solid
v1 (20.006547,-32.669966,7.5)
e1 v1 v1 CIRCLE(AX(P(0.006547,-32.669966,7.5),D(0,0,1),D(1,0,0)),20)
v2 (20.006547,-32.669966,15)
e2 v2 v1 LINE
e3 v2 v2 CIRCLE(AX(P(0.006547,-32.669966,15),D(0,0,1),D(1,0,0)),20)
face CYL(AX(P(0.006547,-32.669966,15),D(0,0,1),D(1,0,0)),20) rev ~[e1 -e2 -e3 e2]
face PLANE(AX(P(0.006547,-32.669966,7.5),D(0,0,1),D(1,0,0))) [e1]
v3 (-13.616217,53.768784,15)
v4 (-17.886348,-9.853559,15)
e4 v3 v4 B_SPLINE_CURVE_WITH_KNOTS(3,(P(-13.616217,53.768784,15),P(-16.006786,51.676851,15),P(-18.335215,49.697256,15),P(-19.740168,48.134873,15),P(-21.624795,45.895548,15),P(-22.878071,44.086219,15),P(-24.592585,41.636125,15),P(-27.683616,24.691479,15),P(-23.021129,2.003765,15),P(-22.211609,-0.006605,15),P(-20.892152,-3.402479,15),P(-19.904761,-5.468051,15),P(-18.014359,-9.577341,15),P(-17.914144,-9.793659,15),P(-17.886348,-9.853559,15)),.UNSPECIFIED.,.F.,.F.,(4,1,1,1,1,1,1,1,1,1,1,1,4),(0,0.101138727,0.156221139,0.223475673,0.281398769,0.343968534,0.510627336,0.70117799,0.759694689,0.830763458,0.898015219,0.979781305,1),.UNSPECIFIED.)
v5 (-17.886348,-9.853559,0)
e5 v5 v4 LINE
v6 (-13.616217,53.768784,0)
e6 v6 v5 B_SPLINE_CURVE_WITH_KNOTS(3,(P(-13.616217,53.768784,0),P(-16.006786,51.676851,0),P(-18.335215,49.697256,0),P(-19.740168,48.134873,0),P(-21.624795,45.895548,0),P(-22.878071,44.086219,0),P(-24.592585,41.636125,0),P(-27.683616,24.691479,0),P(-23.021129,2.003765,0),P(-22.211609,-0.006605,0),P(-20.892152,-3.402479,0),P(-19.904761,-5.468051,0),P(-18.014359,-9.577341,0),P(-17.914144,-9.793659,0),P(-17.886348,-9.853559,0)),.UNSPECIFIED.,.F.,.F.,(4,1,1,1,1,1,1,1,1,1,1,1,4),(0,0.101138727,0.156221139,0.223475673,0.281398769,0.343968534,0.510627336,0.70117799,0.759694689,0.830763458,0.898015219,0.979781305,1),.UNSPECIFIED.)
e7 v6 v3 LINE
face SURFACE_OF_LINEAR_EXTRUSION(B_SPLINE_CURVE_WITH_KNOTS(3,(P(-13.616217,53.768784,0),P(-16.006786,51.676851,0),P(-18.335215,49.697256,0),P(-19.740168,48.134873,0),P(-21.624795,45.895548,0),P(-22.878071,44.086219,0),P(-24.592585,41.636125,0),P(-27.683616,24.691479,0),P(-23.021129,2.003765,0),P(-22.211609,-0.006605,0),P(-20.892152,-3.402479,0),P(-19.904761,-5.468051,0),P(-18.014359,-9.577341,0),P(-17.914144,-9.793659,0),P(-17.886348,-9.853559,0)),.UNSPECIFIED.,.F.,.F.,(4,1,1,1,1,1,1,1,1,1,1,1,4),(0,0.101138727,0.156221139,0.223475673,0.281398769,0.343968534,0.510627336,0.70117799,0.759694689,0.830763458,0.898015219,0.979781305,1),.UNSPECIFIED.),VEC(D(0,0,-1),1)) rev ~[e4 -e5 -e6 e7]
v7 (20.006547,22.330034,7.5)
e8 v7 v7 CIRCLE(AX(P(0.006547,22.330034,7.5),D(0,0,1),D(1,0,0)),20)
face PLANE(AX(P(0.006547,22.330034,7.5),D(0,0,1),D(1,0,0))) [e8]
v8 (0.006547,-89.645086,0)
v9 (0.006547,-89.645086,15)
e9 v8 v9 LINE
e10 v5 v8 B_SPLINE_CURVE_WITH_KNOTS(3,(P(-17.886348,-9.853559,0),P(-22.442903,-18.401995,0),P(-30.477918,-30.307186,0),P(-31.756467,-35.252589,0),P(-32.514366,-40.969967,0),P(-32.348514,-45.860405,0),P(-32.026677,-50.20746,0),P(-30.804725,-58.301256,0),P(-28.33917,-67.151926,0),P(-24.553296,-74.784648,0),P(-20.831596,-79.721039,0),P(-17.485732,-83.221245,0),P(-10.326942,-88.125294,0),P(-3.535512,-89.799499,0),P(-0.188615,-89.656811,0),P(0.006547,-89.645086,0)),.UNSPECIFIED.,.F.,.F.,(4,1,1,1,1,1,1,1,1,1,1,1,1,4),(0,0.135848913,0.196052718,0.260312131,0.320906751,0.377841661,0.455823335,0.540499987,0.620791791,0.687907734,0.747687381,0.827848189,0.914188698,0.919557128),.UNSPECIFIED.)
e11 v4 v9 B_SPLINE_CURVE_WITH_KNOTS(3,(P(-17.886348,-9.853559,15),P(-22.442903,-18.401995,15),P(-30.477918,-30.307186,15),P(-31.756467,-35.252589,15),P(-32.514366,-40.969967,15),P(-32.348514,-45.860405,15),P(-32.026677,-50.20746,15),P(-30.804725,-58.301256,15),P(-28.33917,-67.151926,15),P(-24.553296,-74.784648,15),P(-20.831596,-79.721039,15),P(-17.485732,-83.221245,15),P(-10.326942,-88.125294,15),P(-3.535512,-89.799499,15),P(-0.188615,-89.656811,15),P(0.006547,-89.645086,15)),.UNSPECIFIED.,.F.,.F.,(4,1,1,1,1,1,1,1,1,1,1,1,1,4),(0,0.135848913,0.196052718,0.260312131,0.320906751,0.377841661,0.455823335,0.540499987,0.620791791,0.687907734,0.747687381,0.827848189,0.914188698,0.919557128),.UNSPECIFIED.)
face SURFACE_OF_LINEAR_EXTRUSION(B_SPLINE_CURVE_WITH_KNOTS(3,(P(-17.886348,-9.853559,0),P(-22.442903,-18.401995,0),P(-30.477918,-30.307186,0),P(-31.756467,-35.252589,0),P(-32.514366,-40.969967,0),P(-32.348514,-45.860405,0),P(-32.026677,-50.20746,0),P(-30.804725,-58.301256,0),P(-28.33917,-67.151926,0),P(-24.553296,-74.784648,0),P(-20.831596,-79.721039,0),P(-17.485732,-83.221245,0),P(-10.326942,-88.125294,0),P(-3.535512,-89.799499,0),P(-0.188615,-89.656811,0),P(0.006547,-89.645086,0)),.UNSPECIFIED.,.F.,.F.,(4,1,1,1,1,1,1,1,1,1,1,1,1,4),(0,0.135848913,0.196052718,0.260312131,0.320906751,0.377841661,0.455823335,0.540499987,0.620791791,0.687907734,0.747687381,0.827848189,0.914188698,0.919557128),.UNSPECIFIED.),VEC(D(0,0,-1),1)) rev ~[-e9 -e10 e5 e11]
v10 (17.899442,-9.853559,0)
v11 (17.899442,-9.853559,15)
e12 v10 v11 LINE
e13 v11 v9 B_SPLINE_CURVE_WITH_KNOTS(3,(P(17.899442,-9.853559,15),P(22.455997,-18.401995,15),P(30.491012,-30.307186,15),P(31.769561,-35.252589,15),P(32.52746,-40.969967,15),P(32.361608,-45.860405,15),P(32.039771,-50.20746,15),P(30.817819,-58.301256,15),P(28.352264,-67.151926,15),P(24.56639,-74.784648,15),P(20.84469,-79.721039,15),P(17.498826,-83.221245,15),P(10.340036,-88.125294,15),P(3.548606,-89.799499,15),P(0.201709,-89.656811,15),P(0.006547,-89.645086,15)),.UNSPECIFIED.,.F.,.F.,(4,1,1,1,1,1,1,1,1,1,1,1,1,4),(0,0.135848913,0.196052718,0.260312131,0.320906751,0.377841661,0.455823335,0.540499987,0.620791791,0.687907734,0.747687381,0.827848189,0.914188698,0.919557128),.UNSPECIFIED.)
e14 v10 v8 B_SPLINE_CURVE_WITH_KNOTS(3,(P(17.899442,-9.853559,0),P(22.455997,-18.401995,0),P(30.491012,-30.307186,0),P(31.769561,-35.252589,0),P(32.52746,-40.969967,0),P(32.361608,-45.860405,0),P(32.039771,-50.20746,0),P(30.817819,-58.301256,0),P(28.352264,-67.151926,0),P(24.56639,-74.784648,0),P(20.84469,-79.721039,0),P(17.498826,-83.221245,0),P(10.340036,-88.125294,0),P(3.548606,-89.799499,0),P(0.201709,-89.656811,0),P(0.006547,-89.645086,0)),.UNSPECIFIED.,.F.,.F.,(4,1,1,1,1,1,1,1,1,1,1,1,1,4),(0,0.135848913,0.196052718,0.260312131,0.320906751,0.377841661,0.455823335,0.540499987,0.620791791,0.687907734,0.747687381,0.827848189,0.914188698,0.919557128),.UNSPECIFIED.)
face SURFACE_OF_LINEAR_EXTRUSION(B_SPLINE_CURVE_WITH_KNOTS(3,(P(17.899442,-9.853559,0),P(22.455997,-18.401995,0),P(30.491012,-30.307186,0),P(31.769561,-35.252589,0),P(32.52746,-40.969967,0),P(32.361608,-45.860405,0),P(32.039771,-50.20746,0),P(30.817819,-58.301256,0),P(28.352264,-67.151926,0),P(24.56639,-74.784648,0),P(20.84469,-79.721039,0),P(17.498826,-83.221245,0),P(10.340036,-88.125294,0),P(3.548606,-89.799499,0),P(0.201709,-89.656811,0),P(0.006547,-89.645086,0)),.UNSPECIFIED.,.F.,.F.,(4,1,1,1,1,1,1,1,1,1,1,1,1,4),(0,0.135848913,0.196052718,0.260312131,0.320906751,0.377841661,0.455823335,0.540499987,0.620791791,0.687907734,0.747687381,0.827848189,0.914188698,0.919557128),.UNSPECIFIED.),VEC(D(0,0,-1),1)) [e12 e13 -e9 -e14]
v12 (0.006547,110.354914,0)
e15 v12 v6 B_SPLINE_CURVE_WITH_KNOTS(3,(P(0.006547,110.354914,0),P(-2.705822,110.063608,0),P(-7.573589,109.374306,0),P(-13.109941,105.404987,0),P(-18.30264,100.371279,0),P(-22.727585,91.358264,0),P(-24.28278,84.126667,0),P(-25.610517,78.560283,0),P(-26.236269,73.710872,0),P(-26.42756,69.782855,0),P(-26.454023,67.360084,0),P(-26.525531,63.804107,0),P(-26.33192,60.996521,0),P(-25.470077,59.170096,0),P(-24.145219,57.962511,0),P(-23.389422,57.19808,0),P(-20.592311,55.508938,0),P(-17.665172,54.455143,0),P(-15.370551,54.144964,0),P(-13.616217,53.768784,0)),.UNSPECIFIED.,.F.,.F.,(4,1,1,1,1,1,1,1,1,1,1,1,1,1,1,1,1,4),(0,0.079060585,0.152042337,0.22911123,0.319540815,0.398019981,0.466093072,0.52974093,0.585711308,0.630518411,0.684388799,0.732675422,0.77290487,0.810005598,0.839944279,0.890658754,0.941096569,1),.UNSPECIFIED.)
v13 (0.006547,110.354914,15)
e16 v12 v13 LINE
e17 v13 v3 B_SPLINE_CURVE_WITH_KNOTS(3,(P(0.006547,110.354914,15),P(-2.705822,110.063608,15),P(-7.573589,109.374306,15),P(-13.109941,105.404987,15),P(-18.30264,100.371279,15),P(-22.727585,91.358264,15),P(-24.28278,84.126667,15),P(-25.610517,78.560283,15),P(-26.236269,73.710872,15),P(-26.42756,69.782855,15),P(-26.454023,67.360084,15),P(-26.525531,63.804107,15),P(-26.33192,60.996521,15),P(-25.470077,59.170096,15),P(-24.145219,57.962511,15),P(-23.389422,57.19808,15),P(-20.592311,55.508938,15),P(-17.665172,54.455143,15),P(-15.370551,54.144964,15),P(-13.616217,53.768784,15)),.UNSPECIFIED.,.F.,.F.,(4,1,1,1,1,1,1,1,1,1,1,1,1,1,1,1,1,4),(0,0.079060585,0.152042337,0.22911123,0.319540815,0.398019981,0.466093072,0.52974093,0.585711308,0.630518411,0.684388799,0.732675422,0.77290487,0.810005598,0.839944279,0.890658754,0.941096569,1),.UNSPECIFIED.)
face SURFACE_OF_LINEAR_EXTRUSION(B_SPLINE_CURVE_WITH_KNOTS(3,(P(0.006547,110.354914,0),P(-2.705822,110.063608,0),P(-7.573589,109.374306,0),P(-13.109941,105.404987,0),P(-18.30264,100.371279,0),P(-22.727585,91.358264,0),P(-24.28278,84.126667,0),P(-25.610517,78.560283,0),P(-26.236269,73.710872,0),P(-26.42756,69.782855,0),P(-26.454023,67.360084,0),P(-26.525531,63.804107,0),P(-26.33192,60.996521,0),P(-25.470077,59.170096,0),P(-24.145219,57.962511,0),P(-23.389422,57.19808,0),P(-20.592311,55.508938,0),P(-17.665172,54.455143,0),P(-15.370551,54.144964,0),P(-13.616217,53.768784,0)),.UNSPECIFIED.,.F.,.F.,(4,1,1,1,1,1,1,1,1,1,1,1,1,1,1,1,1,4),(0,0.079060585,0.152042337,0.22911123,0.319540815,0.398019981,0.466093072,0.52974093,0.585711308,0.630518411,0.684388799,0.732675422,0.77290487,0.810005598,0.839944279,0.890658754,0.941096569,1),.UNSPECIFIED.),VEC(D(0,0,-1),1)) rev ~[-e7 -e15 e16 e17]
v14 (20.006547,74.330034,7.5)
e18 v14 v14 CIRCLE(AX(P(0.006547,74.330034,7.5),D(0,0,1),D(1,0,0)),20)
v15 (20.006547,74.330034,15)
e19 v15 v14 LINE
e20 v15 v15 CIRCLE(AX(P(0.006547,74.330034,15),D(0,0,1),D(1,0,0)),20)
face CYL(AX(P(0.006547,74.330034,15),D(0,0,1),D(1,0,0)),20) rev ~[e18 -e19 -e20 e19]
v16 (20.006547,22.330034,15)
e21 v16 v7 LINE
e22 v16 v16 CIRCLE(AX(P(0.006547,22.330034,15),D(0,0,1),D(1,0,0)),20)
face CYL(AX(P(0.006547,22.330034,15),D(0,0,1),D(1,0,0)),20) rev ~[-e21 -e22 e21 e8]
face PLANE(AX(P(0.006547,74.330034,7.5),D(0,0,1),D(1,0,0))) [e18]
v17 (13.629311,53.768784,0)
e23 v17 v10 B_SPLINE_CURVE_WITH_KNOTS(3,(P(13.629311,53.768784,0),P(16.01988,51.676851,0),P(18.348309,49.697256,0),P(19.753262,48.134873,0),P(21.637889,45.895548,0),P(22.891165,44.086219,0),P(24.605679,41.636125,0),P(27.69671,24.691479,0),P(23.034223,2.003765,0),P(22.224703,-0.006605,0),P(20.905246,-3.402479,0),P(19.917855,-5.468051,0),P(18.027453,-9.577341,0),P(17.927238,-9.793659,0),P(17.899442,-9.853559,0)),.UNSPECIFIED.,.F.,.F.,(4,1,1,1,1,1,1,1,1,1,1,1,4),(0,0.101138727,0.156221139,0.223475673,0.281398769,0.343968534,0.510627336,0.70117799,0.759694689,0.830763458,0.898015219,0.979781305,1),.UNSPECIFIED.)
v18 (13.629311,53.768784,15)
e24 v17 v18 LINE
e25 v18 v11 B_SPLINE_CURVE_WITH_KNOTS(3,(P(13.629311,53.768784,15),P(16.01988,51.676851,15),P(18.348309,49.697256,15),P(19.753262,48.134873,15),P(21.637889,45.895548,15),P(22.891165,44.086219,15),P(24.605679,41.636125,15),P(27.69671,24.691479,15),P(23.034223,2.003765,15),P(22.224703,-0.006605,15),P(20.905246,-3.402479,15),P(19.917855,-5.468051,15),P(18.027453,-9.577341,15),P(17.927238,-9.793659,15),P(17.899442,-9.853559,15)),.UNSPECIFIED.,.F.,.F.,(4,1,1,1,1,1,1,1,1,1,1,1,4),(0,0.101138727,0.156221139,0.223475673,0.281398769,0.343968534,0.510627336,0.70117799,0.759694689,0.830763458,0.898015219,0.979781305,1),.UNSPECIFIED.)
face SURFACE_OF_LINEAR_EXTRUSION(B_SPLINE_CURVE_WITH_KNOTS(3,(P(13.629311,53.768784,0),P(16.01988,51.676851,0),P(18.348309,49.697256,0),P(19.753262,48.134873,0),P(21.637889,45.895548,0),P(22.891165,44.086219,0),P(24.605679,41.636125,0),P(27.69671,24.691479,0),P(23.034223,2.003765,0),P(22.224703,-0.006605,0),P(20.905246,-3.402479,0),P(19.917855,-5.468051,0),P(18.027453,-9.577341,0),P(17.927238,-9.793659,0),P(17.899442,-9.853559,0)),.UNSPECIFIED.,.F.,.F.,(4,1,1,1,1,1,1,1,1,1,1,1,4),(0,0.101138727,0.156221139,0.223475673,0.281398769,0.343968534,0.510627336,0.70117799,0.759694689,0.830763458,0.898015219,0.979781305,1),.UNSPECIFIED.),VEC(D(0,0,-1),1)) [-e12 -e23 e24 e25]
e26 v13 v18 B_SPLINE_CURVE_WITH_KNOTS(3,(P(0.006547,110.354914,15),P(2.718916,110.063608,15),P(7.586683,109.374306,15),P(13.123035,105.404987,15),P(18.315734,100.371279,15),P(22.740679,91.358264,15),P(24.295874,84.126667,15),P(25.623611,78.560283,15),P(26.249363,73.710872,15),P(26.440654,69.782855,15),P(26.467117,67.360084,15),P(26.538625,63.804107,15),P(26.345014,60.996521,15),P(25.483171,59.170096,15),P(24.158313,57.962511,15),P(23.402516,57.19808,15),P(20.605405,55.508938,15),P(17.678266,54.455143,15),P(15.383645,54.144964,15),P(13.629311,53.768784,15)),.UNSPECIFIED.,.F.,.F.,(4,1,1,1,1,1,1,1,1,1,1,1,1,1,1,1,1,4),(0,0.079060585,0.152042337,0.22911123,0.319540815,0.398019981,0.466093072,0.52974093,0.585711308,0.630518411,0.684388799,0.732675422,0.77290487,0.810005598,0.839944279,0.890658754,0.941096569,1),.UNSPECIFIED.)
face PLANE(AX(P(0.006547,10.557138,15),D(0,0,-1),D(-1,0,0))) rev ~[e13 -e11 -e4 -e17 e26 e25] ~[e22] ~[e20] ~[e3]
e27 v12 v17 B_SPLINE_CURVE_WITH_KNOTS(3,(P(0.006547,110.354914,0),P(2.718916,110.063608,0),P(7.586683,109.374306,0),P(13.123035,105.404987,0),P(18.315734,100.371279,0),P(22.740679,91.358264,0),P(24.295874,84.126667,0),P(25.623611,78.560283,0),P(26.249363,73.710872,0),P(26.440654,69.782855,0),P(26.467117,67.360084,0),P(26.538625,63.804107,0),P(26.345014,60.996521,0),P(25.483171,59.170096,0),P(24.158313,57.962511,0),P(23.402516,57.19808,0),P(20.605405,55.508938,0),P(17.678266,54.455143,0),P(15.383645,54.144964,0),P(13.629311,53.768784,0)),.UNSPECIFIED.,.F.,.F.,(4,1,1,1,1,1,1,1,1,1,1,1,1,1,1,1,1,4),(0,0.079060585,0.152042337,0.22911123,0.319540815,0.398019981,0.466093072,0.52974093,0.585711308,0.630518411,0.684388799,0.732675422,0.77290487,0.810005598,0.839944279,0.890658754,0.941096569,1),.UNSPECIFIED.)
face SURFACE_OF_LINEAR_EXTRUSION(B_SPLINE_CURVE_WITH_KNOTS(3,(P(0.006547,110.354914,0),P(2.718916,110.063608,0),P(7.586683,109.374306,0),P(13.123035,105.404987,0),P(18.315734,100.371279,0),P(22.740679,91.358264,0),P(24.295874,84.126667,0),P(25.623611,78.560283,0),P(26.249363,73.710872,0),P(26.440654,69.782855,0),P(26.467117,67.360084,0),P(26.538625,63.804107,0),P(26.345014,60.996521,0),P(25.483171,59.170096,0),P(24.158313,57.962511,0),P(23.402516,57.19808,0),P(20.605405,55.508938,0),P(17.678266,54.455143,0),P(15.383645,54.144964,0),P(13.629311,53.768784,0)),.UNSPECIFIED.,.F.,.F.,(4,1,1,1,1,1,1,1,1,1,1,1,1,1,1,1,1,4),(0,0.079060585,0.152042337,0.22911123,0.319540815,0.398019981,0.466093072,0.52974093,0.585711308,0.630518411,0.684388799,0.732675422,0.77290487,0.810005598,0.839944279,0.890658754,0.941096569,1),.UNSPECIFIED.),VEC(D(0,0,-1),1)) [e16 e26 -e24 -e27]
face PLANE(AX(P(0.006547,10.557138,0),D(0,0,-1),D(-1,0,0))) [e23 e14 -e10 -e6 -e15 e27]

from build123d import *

# Parameters (mm, degrees)
F1_DEPTH = 15
F2_R     = 20
F3_DEPTH = 7.5


with BuildPart() as f1:
    # F0 (on Top) → F1 (new body)
    with BuildSketch(Plane.XY):
        with BuildLine():
            add(Edge.make_bspline(
                [(0.006547, 110.3549139831), (2.7189159203, 110.0636084543), (7.5866832137, 109.3743061288), (13.1230351166, 105.4049872417), (18.3157342366, 100.3712789422), (22.7406790932, 91.3582641355), (24.2958740808, 84.1266670597), (25.623611025, 78.5602826683), (26.2493630258, 73.7108721554), (26.4406539075, 69.7828552348), (26.4671170358, 67.3600836291), (26.5386249869, 63.8041069174), (26.3450142748, 60.9965214622), (25.4831712881, 59.1700962233), (24.1583131698, 57.9625108348), (23.4025155596, 57.1980799908), (20.6054051171, 55.5089384491), (17.6782663486, 54.4551431201), (15.3836447251, 54.1449643348), (13.62931089, 53.7687837163)],
                knots=[0, 0, 0, 0, 0.0790605851, 0.1520423374, 0.2291112298, 0.3195408151, 0.3980199808, 0.4660930715, 0.5297409297, 0.5857113077, 0.6305184108, 0.6843887988, 0.7326754222, 0.7729048702, 0.8100055977, 0.8399442793, 0.8906587539, 0.9410965692, 1, 1, 1, 1], degree=3))
            add(Edge.make_bspline(
                [(0.006547, 110.3549139831), (-2.7058219203, 110.0636084543), (-7.5735892137, 109.3743061288), (-13.1099411166, 105.4049872417), (-18.3026402366, 100.3712789422), (-22.7275850932, 91.3582641355), (-24.2827800808, 84.1266670597), (-25.610517025, 78.5602826683), (-26.2362690258, 73.7108721554), (-26.4275599075, 69.7828552348), (-26.4540230358, 67.3600836291), (-26.5255309869, 63.8041069174), (-26.3319202748, 60.9965214622), (-25.4700772881, 59.1700962233), (-24.1452191698, 57.9625108348), (-23.3894215596, 57.1980799908), (-20.5923111171, 55.5089384491), (-17.6651723486, 54.4551431201), (-15.3705507251, 54.1449643348), (-13.61621689, 53.7687837163)],
                knots=[0, 0, 0, 0, 0.0790605851, 0.1520423374, 0.2291112298, 0.3195408151, 0.3980199808, 0.4660930715, 0.5297409297, 0.5857113077, 0.6305184108, 0.6843887988, 0.7326754222, 0.7729048702, 0.8100055977, 0.8399442793, 0.8906587539, 0.9410965692, 1, 1, 1, 1], degree=3))
            add(Edge.make_bspline(
                [(-13.61621689, 53.7687837163), (-16.0067859756, 51.6768505247), (-18.3352149795, 49.6972559398), (-19.7401679427, 48.1348734064), (-21.6247948454, 45.8955475897), (-22.8780706085, 44.0862186533), (-24.592585031, 41.6361246537), (-27.6836157214, 24.6914793994), (-23.0211294601, 2.0037650923), (-22.2116093413, -0.0066052262), (-20.8921524683, -3.4024789624), (-19.904761128, -5.4680505948), (-18.014359093, -9.5773408191), (-17.9141440225, -9.7936586092), (-17.8863481269, -9.8535586014)],
                knots=[0, 0, 0, 0, 0.1011387266, 0.1562211394, 0.2234756729, 0.2813987685, 0.3439685343, 0.5106273357, 0.7011779896, 0.7596946888, 0.8307634585, 0.8980152194, 0.9797813053, 1, 1, 1, 1], degree=3))
            add(Edge.make_bspline(
                [(-17.8863481269, -9.8535586014), (-22.442902945, -18.4019947589), (-30.4779179892, -30.307186461), (-31.7564669832, -35.2525887902), (-32.514366239, -40.9699670365), (-32.3485139182, -45.8604054448), (-32.0266772268, -50.2074603044), (-30.8047248903, -58.3012556875), (-28.3391702135, -67.1519261727), (-24.5532959231, -74.7846484408), (-20.8315959049, -79.7210389817), (-17.4857318024, -83.2212448144), (-10.3269423039, -88.1252943089), (-3.5355116574, -89.7994986443), (-0.1886145968, -89.6568112574), (0.006547, -89.6450860169)],
                knots=[0, 0, 0, 0, 0.1358489134, 0.1960527181, 0.2603121306, 0.3209067514, 0.3778416613, 0.4558233353, 0.5404999873, 0.6207917908, 0.687907734, 0.7476873814, 0.827848189, 0.9141886977, 0.9195571282, 0.9195571282, 0.9195571282, 0.9195571282], degree=3))
            add(Edge.make_bspline(
                [(17.8994421269, -9.8535586014), (22.455996945, -18.4019947589), (30.4910119892, -30.307186461), (31.7695609832, -35.2525887902), (32.527460239, -40.9699670365), (32.3616079182, -45.8604054448), (32.0397712268, -50.2074603044), (30.8178188903, -58.3012556875), (28.3522642135, -67.1519261727), (24.5663899231, -74.7846484408), (20.8446899049, -79.7210389817), (17.4988258024, -83.2212448144), (10.3400363039, -88.1252943089), (3.5486056574, -89.7994986443), (0.2017085968, -89.6568112574), (0.006547, -89.6450860169)],
                knots=[0, 0, 0, 0, 0.1358489134, 0.1960527181, 0.2603121306, 0.3209067514, 0.3778416613, 0.4558233353, 0.5404999873, 0.6207917908, 0.687907734, 0.7476873814, 0.827848189, 0.9141886977, 0.9195571282, 0.9195571282, 0.9195571282, 0.9195571282], degree=3))
            add(Edge.make_bspline(
                [(13.62931089, 53.7687837163), (16.0198799756, 51.6768505247), (18.3483089795, 49.6972559398), (19.7532619427, 48.1348734064), (21.6378888454, 45.8955475897), (22.8911646085, 44.0862186533), (24.605679031, 41.6361246537), (27.6967097214, 24.6914793994), (23.0342234601, 2.0037650923), (22.2247033413, -0.0066052262), (20.9052464683, -3.4024789624), (19.917855128, -5.4680505948), (18.027453093, -9.5773408191), (17.9272380225, -9.7936586092), (17.8994421269, -9.8535586014)],
                knots=[0, 0, 0, 0, 0.1011387266, 0.1562211394, 0.2234756729, 0.2813987685, 0.3439685343, 0.5106273357, 0.7011779896, 0.7596946888, 0.8307634585, 0.8980152194, 0.9797813053, 1, 1, 1, 1], degree=3))
        make_face()
    extrude(amount=F1_DEPTH)

    # F2 (on face) → F3 (cut)
    with BuildSketch(Plane.XY.offset(15)):
        with Locations((0.006547, -32.6699662969)):
            Circle(F2_R)
        with Locations((0.006547, 22.3300337031)):
            Circle(F2_R)
        with Locations((0.006547, 74.3300337031)):
            Circle(F2_R)
    extrude(amount=-F3_DEPTH, mode=Mode.SUBTRACT)


solid = f1.part
